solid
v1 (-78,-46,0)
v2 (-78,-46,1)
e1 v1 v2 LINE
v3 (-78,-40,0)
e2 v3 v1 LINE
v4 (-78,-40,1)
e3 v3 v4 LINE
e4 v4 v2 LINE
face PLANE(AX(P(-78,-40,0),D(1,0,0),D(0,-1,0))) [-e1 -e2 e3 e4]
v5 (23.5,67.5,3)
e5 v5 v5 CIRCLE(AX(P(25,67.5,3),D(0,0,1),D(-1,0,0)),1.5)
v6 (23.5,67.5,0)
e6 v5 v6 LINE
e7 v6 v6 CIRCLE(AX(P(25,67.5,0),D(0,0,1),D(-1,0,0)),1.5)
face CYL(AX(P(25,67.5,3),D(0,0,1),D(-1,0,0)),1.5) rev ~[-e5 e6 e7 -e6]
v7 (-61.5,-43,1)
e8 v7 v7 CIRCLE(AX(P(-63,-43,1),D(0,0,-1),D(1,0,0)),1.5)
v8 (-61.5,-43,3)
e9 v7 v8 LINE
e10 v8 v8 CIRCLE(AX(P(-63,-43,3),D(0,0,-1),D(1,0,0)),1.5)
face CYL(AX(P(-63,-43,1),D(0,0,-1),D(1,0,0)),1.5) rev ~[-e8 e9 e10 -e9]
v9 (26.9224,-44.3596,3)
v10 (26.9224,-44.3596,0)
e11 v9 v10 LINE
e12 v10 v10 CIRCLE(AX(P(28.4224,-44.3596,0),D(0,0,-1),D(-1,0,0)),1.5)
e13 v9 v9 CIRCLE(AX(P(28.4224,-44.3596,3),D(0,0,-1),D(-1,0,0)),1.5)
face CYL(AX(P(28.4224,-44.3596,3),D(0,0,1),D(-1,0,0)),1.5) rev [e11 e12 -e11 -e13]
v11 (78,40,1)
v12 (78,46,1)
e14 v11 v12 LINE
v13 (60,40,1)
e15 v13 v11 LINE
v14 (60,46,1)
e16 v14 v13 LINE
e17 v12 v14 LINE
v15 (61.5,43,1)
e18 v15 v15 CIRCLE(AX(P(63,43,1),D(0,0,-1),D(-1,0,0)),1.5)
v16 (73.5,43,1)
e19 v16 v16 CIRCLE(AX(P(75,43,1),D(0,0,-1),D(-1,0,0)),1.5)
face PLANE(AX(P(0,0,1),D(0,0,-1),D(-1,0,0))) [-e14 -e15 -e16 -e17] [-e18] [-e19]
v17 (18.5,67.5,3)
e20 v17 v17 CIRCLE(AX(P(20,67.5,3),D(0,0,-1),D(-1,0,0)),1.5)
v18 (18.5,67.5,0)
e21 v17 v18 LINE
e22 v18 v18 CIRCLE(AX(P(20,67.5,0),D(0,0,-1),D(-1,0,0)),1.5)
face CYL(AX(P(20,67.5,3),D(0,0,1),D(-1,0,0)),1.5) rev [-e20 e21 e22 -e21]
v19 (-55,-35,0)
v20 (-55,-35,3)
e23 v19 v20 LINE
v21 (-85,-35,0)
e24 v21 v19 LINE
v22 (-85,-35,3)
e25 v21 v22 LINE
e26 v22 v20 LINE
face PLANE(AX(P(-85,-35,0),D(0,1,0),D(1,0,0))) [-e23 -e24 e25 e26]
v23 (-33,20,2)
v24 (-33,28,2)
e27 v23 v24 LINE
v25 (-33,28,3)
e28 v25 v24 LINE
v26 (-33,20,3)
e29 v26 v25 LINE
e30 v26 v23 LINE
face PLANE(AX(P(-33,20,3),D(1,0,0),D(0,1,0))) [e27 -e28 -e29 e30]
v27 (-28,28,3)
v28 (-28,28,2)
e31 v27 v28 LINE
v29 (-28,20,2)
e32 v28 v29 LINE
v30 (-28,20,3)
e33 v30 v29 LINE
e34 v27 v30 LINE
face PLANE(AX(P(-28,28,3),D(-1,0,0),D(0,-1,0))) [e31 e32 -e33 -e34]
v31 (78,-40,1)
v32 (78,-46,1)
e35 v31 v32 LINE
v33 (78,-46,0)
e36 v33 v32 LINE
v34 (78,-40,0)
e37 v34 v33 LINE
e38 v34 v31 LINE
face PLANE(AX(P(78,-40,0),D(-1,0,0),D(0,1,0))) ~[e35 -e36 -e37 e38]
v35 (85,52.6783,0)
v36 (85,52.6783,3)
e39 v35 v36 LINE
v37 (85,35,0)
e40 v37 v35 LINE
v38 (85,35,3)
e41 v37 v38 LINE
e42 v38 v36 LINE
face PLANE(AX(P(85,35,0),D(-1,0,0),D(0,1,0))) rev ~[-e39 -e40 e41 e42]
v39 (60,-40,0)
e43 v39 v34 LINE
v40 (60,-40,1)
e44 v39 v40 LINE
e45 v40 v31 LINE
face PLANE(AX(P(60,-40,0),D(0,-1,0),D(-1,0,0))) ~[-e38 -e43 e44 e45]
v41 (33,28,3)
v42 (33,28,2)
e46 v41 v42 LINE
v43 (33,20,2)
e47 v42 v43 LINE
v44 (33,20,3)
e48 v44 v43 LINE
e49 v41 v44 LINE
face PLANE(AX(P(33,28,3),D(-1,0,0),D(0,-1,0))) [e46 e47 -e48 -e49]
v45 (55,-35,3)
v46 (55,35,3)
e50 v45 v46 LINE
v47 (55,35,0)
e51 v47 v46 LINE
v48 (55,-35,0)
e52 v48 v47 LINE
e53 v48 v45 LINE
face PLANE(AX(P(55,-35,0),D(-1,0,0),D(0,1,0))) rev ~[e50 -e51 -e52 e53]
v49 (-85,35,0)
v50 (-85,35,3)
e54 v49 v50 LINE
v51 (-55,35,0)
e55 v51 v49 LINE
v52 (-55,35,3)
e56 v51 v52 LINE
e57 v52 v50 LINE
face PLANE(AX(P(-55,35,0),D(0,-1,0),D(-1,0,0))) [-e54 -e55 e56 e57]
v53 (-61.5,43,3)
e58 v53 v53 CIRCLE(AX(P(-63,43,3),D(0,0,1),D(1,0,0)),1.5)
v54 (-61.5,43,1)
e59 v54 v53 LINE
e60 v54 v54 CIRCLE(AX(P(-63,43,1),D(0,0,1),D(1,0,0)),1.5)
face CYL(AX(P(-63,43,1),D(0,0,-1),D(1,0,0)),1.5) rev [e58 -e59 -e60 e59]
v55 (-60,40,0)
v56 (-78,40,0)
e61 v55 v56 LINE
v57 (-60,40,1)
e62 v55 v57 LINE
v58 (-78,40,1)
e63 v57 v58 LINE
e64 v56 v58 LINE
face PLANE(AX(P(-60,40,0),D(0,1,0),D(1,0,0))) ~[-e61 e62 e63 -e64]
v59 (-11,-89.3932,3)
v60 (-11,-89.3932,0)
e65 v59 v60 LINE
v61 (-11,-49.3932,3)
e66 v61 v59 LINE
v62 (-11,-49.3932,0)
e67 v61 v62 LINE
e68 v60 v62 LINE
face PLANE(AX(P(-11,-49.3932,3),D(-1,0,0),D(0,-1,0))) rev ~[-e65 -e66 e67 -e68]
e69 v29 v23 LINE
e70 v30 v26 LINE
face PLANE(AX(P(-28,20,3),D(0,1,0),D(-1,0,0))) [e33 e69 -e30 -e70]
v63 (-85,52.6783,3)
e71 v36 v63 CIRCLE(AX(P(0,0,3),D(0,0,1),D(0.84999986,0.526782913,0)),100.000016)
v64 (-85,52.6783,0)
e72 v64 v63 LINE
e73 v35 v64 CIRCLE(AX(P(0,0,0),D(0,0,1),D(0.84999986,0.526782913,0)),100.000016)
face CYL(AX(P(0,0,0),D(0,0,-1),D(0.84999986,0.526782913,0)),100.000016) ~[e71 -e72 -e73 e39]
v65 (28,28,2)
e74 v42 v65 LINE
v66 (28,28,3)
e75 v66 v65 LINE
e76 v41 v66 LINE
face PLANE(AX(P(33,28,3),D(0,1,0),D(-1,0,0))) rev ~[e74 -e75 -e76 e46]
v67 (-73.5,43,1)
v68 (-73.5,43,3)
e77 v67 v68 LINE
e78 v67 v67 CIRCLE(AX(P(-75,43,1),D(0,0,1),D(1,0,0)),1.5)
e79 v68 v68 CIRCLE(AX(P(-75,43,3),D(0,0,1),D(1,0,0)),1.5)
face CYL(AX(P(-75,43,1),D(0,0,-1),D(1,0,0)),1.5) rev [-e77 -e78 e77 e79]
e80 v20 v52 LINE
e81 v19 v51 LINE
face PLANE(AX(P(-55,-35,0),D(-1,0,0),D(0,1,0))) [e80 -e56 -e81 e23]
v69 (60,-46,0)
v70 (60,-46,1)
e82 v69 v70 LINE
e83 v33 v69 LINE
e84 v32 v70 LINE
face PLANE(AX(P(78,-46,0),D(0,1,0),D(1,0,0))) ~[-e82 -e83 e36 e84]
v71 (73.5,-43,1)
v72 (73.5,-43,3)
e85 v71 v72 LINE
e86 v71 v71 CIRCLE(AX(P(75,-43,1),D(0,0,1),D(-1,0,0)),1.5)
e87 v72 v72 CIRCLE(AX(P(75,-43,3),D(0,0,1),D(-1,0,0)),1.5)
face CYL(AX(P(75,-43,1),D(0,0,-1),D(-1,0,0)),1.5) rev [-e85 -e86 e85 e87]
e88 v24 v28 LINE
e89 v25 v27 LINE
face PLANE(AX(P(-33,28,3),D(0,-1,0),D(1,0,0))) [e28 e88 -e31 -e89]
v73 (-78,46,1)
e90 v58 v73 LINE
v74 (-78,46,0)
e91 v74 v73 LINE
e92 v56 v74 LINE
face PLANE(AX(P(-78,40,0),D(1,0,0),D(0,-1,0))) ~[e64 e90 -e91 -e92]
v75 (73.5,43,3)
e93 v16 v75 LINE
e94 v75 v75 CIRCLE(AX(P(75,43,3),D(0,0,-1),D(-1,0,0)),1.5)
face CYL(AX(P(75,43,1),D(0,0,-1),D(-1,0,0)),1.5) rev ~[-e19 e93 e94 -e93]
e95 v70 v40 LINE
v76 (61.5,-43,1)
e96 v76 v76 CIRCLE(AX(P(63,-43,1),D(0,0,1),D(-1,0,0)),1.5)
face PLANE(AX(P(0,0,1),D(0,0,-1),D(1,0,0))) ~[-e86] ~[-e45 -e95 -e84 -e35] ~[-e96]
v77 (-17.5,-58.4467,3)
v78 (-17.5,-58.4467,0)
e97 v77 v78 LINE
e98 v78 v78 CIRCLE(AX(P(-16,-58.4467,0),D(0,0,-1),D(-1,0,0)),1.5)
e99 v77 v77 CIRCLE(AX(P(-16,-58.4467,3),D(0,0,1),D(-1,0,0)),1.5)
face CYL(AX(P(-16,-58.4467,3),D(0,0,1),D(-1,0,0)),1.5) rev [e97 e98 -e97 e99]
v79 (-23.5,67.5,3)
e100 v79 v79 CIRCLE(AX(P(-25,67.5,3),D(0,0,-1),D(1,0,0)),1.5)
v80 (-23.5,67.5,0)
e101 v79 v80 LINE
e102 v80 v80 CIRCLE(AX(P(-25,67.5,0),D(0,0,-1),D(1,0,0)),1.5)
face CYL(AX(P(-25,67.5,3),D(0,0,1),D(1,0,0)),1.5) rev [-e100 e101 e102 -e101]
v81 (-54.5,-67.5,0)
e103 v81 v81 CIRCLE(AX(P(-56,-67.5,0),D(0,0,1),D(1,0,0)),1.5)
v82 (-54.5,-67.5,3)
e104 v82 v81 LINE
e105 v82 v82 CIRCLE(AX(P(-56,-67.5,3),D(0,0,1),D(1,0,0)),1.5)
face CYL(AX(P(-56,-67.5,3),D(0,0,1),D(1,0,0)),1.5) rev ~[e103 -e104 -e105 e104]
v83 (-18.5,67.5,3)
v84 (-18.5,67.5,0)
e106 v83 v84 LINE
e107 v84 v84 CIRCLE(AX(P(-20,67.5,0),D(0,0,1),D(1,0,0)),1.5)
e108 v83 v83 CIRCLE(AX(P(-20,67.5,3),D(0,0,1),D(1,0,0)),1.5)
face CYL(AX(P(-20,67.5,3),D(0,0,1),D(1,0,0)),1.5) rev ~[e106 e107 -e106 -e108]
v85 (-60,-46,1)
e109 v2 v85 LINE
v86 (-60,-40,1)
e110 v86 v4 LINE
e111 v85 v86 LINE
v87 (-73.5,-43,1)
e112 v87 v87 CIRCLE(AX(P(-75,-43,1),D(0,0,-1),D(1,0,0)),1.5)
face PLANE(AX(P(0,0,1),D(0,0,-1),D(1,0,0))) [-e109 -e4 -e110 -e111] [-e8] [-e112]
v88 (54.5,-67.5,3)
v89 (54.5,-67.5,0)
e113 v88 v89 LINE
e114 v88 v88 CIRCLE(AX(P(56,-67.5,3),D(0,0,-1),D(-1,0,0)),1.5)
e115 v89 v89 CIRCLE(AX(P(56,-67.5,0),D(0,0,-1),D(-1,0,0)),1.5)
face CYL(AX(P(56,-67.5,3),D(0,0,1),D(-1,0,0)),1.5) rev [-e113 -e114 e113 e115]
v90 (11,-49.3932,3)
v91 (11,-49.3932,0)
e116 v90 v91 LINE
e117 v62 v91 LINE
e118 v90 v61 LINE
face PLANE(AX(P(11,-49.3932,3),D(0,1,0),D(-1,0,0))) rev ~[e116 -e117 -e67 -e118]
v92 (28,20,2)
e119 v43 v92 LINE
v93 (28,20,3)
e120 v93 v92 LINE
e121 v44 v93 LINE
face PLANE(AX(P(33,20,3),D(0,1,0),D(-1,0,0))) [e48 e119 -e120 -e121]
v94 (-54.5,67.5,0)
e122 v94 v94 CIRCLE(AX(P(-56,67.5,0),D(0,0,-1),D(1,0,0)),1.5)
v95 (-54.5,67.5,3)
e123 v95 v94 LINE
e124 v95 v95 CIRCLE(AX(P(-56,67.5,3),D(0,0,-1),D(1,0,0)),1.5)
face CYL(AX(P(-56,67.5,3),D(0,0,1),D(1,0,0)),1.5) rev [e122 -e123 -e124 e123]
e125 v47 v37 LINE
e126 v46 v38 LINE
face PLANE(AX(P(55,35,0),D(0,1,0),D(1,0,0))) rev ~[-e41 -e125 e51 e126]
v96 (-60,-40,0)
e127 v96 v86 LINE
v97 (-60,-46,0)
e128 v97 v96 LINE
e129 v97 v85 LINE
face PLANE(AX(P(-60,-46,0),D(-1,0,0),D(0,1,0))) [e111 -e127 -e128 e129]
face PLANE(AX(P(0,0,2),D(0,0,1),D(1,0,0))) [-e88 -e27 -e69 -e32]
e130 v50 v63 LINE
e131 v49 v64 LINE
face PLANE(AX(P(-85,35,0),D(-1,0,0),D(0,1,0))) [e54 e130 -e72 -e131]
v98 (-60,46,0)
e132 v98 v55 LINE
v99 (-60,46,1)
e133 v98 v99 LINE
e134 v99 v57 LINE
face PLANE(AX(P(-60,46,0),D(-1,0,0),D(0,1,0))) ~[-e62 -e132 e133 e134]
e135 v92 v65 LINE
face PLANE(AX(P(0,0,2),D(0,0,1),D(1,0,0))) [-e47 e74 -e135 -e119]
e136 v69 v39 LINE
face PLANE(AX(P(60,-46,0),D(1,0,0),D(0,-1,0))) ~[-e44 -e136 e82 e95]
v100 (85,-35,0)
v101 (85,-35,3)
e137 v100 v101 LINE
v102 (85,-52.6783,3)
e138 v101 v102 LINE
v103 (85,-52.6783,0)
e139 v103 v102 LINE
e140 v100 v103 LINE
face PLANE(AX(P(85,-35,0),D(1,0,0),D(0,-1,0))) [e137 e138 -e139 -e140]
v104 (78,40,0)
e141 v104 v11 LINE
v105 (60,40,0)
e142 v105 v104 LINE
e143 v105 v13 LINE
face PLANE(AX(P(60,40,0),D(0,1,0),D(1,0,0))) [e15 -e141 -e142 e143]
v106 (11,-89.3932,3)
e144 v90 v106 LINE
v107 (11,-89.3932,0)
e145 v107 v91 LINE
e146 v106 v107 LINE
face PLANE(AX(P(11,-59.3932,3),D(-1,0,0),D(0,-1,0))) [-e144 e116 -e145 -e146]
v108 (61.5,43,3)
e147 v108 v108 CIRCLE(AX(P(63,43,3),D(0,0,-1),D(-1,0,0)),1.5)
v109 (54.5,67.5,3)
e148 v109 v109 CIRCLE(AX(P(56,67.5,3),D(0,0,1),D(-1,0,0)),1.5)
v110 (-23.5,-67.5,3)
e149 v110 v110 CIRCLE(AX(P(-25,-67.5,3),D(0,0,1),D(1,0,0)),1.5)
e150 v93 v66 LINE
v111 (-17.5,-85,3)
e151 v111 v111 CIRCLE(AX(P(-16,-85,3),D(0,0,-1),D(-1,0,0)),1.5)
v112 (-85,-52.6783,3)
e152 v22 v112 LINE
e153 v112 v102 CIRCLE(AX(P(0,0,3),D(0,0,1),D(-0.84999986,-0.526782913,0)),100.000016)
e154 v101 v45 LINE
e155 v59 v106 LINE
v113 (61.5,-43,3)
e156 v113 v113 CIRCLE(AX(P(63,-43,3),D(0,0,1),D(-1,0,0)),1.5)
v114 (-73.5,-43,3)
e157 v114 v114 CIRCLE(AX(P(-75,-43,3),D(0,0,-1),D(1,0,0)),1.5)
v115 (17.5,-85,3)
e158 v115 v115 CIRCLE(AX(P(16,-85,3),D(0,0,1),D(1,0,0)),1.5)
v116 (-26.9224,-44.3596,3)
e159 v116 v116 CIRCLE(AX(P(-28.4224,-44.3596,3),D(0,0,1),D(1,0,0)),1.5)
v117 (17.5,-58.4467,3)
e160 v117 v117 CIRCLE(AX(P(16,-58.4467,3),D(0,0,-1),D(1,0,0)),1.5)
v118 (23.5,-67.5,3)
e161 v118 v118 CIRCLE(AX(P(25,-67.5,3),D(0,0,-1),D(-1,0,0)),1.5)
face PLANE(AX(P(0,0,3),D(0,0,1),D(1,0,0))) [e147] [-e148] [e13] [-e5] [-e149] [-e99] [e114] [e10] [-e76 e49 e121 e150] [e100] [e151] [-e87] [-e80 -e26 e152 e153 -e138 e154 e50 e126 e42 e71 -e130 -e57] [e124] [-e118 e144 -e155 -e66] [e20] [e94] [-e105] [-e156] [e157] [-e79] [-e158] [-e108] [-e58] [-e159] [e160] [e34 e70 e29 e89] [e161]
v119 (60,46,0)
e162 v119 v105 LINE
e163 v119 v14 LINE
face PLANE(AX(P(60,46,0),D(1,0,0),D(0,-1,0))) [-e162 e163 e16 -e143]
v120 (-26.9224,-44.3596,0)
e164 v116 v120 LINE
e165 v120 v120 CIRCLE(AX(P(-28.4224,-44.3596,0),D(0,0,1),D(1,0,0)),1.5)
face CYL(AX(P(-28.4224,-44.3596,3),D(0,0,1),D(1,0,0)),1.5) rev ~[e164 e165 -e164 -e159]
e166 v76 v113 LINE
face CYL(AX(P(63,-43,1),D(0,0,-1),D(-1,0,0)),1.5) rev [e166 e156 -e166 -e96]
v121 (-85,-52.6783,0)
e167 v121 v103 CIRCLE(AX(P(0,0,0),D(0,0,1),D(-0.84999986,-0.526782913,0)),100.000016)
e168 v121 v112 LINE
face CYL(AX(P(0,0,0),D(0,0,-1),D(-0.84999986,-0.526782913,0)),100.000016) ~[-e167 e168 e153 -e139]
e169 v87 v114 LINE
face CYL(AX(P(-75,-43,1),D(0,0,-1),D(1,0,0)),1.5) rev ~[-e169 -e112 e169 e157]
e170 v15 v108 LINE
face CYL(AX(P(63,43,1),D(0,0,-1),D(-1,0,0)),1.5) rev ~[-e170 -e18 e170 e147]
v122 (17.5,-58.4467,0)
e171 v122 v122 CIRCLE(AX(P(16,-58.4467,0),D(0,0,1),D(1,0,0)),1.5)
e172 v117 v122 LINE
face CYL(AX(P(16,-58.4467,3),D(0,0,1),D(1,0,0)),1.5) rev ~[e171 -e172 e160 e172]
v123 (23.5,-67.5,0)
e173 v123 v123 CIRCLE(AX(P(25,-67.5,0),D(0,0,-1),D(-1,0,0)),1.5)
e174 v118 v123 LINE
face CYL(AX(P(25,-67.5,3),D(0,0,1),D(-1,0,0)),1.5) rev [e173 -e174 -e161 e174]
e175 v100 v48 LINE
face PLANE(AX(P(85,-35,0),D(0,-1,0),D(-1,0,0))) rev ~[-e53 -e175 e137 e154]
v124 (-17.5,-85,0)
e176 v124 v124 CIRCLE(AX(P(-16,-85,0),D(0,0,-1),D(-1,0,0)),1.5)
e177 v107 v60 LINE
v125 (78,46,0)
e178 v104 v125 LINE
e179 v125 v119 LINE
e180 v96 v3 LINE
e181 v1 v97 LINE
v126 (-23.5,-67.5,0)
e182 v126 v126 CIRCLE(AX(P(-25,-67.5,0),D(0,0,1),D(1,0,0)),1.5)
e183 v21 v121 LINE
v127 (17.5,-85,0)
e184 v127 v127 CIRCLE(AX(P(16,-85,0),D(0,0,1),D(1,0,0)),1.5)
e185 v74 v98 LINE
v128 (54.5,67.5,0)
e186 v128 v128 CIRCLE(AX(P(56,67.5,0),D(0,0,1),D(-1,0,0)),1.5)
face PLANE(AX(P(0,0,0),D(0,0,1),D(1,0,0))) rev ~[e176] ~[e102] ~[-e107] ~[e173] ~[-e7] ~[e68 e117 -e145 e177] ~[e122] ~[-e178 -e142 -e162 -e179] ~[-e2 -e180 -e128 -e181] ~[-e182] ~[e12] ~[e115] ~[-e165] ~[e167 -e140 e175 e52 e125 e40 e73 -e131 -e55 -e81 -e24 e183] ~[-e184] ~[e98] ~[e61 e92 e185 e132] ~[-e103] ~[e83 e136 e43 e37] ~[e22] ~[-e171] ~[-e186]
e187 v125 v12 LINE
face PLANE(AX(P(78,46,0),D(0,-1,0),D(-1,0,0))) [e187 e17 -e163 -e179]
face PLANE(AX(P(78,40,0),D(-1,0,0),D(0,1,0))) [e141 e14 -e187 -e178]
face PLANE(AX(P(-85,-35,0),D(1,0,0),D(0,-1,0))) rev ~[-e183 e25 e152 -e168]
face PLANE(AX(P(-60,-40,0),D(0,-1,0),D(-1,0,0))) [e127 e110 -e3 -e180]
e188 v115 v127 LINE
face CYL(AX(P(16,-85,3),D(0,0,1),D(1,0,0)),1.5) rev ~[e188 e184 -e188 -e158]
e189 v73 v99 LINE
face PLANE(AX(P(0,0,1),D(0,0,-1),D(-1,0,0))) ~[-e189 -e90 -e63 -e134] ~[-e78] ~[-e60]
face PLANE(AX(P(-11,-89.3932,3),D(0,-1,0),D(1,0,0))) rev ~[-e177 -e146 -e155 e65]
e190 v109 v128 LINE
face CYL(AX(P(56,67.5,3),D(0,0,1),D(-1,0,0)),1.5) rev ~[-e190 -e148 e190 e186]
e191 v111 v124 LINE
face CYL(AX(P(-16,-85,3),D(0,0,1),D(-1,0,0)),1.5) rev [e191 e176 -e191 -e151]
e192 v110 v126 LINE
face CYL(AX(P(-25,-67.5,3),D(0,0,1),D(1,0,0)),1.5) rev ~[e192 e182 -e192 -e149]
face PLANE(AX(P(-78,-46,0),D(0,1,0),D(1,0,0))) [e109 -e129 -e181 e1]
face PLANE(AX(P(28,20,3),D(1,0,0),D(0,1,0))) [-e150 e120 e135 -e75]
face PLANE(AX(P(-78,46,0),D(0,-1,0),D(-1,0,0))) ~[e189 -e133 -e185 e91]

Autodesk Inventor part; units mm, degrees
ref_plane "YZ Plane" through (0, 0, 0) normal (1, 0, 0) x (0, 1, 0)
ref_plane "XZ Plane" through (0, 0, 0) normal (0, 1, 0) x (-1, 0, 0)
sketch "Sketch1" plane through (0, 0, 0) normal (0, 0, 1) x (1, 0, 0)
  line L0 (85, -35) -> (55, -35)
  line L1 (55, -35) -> (55, 35)
  line L2 (55, 35) -> (85, 35)
  line L3 (85, 35) -> (85, -35)
  line L4 (85, -35) -> (55, 35) construction
  line L5 (55, -35) -> (85, 35) construction
  line L6 (-85, -35) -> (-55, -35)
  line L7 (-55, -35) -> (-55, 35)
  line L8 (-55, 35) -> (-85, 35)
  line L9 (-85, 35) -> (-85, -35)
  line L10 (-85, 35) -> (-85, 52.6783)
  line L11 (-85, -35) -> (-85, -52.6783)
  line L12 (85, 35) -> (85, 52.6783)
  line L13 (85, -35) -> (85, -52.6783)
  arc A0 (-85, -52.6783) -> (85, -52.6783) centre (0, 0) ccw
  arc A1 (85, 52.6783) -> (-85, 52.6783) centre (0, 0) ccw
  point P0 (70, 0)
  dimension "d6" = 30
  dimension "d7" = 70
  dimension "d155" = 100
extrude "Extrusion2" add sketch "Sketch1" along normal blind 3 contours L13 A0 L11 L6 L7 L8 L10 A1 L12 L2 L1 L0
sketch "Sketch3" plane through (0, 0, 0) normal (1, 0, 0) x (0, 1, 0)
  point P0 (0, 0)
ref_plane "Work Plane1" through (-33, -35, 0) normal (-1, 0, 0) x (0, 0, 1)
sketch "Sketch21" plane through (0, 0, 3) normal (0, 0, 1) x (1, 0, 0)
  line L0 (11, -59.3932) -> (11, -49.3932)
  line L1 (11, -49.3932) -> (-11, -49.3932)
  line L2 (-11, -49.3932) -> (11, -49.3932)
  line L3 (11, -49.3932) -> (11, -89.3932)
  line L4 (-11, -49.3932) -> (-11, -89.3932)
  line L5 (-11, -89.3932) -> (11, -89.3932)
  point P0 (0, 0)
  dimension "d149" = 40
sketch "Sketch31" plane through (0, 0, 3) normal (0, 0, 1) x (1, 0, 0)
  circle A0 centre (-56, -67.5) radius 1.5 projected
  circle A1 centre (-56, -67.5) radius 1.5
  circle A2 centre (-25, -67.5) radius 1.5 projected
  circle A3 centre (-25, -67.5) radius 1.5
  point P0 (0, 0)
  dimension "d117" = 3
  dimension "d118" = 3
extrude "Extrusion30" cut sketch "Sketch31" against normal up to next
mirror "Mirror19" about plane through (0, 0, 0) normal (0, 1, 0) of "Extrusion30"
mirror "Mirror20" about plane through (0, 0, 0) normal (1, 0, 0) of "Extrusion30", "Mirror19"
sketch "Sketch32" plane through (0, 0, 3) normal (0, 0, 1) x (1, 0, 0)
  line L0 (-33, 28) -> (-28, 28) projected
  line L1 (-28, 28) -> (-28, 20) projected
  line L2 (-33, 28) -> (-28, 28)
  line L3 (-28, 28) -> (-28, 20)
  line L4 (-28, 20) -> (-33, 20)
  line L5 (-33, 20) -> (-33, 28)
  line L6 (33, 28) -> (28, 28) projected
  line L7 (28, 28) -> (33, 28)
  line L8 (33, 28) -> (33, 20)
  line L9 (33, 20) -> (28, 20)
  line L10 (28, 20) -> (28, 28)
  point P0 (0, 0)
extrude "Extrusion31" cut sketch "Sketch32" against normal blind 1
sketch "Sketch33" plane through (0, 0, 0) normal (0, 0, -1) x (-1, 0, 0)
  line L0 (-60, 40) -> (-78, 40)
  line L1 (-78, 40) -> (-78, 46)
  line L2 (-78, 46) -> (-60, 46)
  line L3 (-60, 46) -> (-60, 40)
  point P0 (0, 0)
  dimension "d123" = 18
  dimension "d124" = 6
extrude "Extrusion32" cut sketch "Sketch33" against normal blind 1
mirror "Mirror21" about plane through (0, 0, 0) normal (1, 0, 0) of "Extrusion32"
mirror "Mirror22" about plane through (0, 0, 0) normal (0, 1, 0) of "Extrusion32", "Mirror21"
sketch "Sketch34" plane through (0, 0, 1) normal (0, 0, -1) x (-1, 0, 0)
  circle A0 centre (-75, 43) radius 1.5
  circle A1 centre (-63, 43) radius 1.5
  point P0 (0, 0)
  dimension "d127" = 3
  dimension "d128" = 3
extrude "Extrusion33" cut sketch "Sketch34" against normal up to next
mirror "Mirror23" about plane through (0, 0, 0) normal (1, 0, 0) of "Extrusion33"
mirror "Mirror24" about plane through (0, 0, 0) normal (0, 1, 0) of "Extrusion33", "Mirror23"
sketch "Sketch35" plane through (0, 0, 3) normal (0, 0, 1) x (1, 0, 0)
  point P0 (0, 0)
extrude "Extrusion35" cut sketch "Sketch21" against normal up to next
sketch "Sketch37" plane through (0, 0, 3) normal (0, 0, 1) x (1, 0, 0)
  line L0 (0, -58.4467) -> (16, -58.4467)
  circle A0 centre (16, -58.4467) radius 1.5
  circle A1 centre (16, -85) radius 1.5
  point P0 (0, 0)
  dimension "d137" = 16
  dimension "d138" = 3
  dimension "d139" = 3
extrude "Extrusion36" cut sketch "Sketch37" against normal up to next
mirror "Mirror25" about plane through (0, 0, 0) normal (1, 0, 0) of "Extrusion36"
sketch "Sketch38" plane through (0, 0, 3) normal (0, 0, 1) x (1, 0, 0)
  circle A0 centre (-25, -67.5) radius 1.5 projected
  line L0 (-25, -67.5) -> (11, -67.5) construction
  circle A1 centre (-56, 67.5) radius 1.5 projected
  circle A2 centre (-20, 67.5) radius 1.5
  circle A3 centre (-56, -67.5) radius 1.5 projected
  line L1 (-56, -67.5) -> (-20, -67.5) construction
  circle A4 centre (-28.4224, -44.3596) radius 1.5
  point P0 (0, 0)
  dimension "d146" = 3
  dimension "d152" = 3
extrude "Extrusion38" cut sketch "Sketch38" against normal up to next contours A2 | A4
mirror "Mirror27" about plane through (0, 0, 0) normal (1, 0, 0) of "Extrusion38"
properties part number "底盤"
